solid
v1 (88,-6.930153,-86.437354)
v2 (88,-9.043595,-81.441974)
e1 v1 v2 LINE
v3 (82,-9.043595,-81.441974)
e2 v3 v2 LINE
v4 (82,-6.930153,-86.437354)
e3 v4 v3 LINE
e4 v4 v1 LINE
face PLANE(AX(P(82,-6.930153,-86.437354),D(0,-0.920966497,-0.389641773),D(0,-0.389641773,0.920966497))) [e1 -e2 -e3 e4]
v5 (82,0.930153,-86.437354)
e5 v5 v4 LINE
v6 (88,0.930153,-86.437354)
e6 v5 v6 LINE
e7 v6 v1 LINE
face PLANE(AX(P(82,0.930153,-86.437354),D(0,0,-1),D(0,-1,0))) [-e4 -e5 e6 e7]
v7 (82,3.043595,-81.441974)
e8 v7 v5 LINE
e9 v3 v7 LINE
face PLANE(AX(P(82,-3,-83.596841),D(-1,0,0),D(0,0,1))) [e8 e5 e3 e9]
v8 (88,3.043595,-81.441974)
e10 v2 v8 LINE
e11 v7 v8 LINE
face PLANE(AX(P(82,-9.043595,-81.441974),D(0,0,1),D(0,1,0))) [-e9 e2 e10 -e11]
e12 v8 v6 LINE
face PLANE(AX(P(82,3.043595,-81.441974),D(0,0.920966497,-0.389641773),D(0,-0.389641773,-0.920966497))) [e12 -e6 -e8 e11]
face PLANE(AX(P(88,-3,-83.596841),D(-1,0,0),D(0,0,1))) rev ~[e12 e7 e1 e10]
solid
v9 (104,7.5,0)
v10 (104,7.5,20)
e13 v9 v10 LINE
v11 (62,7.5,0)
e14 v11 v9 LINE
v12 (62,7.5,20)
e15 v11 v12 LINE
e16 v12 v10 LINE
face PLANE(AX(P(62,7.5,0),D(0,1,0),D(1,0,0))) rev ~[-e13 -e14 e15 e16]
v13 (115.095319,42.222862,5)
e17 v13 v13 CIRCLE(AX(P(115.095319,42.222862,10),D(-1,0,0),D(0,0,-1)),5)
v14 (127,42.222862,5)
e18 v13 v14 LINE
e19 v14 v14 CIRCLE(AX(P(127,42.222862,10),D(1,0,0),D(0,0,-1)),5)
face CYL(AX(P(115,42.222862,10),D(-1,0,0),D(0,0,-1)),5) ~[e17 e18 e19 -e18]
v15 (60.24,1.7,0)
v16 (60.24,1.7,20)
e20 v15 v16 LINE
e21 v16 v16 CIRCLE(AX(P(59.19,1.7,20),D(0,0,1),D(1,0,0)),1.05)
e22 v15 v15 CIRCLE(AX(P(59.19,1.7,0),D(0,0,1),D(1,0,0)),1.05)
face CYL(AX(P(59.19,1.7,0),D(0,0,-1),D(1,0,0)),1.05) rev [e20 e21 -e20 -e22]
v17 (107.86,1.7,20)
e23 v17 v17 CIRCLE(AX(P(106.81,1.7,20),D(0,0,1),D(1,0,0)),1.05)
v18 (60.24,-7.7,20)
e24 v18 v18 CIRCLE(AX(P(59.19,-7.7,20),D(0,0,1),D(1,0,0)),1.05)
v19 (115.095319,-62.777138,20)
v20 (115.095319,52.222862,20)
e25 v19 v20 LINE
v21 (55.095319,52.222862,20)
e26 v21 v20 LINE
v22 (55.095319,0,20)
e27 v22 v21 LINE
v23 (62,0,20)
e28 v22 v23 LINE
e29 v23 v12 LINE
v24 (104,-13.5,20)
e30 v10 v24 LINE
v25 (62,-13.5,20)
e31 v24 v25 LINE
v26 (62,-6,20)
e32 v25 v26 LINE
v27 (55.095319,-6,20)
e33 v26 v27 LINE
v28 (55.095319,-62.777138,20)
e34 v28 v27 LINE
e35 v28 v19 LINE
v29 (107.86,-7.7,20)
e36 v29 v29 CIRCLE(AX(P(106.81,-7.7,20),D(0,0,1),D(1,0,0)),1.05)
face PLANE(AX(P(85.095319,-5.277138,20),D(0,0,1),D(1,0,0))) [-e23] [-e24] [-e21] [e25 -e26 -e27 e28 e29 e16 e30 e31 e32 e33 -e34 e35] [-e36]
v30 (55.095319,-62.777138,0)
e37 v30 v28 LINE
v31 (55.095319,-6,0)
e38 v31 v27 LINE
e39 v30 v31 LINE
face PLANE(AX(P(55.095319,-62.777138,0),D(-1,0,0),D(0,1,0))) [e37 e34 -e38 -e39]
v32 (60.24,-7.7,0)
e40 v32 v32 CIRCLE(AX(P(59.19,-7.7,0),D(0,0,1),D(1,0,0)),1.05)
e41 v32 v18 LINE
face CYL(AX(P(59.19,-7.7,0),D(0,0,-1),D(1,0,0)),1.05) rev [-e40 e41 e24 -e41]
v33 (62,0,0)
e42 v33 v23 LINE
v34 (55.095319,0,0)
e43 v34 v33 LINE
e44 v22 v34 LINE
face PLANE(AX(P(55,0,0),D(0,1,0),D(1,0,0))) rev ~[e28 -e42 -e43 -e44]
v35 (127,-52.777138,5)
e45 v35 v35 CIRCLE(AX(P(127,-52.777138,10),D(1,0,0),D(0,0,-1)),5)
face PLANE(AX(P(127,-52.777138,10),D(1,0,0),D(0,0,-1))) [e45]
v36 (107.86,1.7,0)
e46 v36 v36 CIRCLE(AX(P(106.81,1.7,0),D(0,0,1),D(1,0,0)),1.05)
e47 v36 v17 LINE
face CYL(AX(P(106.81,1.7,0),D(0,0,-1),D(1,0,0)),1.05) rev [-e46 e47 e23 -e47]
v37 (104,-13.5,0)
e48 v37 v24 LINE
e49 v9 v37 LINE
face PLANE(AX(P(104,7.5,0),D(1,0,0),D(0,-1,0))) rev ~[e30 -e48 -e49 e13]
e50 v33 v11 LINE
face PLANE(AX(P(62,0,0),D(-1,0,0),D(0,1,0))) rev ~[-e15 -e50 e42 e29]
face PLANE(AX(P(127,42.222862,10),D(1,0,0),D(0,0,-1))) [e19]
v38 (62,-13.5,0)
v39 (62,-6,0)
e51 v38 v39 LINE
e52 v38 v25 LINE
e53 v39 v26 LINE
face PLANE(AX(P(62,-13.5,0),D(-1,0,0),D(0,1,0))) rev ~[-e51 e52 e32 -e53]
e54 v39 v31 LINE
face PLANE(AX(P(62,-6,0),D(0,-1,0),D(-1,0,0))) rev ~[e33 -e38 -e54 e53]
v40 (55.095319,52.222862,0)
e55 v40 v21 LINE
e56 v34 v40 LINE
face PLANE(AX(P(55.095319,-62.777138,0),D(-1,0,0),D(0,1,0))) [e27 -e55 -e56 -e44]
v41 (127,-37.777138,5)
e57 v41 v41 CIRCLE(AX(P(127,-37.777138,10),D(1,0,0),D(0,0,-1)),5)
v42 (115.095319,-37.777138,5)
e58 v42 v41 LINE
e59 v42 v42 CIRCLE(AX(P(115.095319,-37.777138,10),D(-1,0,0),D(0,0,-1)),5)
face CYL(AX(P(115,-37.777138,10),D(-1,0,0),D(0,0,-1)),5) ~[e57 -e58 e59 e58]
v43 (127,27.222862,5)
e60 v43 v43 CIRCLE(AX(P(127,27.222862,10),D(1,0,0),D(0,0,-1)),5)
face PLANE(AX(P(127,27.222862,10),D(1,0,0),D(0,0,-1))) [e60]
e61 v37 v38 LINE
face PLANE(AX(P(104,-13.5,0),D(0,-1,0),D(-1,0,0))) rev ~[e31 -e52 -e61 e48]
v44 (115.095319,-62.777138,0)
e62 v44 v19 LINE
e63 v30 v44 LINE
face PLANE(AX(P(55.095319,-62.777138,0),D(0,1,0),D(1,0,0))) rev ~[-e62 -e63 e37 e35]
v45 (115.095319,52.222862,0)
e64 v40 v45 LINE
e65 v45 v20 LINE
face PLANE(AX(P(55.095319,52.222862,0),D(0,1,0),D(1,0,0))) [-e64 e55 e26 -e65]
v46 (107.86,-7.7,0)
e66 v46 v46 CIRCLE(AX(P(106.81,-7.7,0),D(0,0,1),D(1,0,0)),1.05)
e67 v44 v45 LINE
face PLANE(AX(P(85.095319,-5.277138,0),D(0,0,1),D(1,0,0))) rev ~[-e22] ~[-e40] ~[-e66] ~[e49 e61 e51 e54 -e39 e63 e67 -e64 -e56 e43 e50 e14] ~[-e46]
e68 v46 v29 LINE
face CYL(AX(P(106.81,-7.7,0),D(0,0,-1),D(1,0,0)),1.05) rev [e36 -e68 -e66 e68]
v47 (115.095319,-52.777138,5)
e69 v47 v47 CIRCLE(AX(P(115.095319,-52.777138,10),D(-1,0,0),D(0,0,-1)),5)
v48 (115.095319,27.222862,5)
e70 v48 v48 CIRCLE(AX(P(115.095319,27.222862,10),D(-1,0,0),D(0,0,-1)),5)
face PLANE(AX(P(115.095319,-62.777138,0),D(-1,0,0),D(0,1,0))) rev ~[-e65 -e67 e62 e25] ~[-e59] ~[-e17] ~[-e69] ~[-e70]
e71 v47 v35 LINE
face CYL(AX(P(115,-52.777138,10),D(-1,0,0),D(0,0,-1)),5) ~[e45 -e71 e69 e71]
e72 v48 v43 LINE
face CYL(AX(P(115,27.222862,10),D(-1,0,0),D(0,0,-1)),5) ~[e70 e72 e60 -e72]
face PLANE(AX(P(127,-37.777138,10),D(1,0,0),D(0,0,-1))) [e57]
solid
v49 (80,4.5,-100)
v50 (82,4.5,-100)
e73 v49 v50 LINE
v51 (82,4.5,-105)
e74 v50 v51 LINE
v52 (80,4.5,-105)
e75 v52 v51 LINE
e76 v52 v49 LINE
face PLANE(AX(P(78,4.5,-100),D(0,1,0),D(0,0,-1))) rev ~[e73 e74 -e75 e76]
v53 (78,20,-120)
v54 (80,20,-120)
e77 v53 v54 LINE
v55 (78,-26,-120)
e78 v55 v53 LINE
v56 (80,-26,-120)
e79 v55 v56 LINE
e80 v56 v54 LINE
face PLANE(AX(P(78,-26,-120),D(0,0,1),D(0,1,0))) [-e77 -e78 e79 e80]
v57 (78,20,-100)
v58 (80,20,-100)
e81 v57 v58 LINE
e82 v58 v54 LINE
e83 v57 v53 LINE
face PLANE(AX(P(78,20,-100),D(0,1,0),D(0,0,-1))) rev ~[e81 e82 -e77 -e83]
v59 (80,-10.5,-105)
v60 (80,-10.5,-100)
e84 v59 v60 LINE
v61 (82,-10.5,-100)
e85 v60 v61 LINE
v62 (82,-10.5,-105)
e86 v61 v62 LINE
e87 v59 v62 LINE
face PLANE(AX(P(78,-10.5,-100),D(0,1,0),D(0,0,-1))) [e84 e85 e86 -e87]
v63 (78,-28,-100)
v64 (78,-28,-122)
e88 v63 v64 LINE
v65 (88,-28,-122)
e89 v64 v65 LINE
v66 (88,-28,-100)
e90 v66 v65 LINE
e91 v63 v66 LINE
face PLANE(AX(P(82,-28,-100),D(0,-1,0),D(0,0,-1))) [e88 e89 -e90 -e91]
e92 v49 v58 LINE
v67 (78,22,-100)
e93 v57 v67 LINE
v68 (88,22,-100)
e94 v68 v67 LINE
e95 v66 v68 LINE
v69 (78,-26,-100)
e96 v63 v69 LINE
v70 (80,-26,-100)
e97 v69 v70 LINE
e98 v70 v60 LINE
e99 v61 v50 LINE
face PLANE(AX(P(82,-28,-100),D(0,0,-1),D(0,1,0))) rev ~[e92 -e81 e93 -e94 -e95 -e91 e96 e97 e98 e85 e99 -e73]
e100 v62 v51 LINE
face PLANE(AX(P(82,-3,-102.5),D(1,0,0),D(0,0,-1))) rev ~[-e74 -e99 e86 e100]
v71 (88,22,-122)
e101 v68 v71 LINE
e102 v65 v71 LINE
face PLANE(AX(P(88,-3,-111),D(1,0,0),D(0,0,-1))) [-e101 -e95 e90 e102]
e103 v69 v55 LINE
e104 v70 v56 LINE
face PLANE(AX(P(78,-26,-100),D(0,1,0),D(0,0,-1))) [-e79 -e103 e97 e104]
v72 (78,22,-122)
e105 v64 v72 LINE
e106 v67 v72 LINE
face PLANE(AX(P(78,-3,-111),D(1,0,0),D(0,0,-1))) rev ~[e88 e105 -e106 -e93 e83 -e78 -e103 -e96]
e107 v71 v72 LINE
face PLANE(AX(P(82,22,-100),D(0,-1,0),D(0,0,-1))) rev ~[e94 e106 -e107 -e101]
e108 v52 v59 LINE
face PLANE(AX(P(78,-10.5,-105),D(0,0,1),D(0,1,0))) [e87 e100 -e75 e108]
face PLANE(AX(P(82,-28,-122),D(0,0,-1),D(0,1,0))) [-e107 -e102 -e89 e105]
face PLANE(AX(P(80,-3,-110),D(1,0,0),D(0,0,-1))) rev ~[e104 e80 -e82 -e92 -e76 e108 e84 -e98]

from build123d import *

# Parameters (mm, degrees)
SKETCH_5_W           = 60
SKETCH_5_H           = 115
EXTRUDE_2_DEPTH      = 20
SKETCH_1_R           = 1.05
CUT_EXTRUDE_4_DEPTH  = 20
SKETCH_6_R           = 5
EXTRUDE_3_DEPTH      = 12
EXTRUDE_6_DEPTH      = 6
EXTRUDE_6_DEPTH_BACK = 4
SKETCH_13_W          = 22
SKETCH_13_H          = 50
SKETCH_16_W          = 20
SKETCH_16_H          = 46
CUT_EXTRUDE_9_DEPTH  = 2
SKETCH_17_W          = 5
SKETCH_17_H          = 15
CUT_EXTRUDE_10_DEPTH = 4
EXTRUDE_7_DEPTH      = 6


with BuildPart() as part:
    # 草圖5 → 填料-伸長2 (new body)
    with BuildSketch(Plane.XY):
        with Locations((85.095319229, -5.277137892)):
            Rectangle(SKETCH_5_W, SKETCH_5_H)
    extrude(amount=EXTRUDE_2_DEPTH)

    # 草圖1 → 除料-伸長4 (cut)
    with BuildSketch(Plane.XY):
        with Locations((59.19, 1.7)):
            Circle(SKETCH_1_R)
        with Locations((106.81, 1.7)):
            Circle(SKETCH_1_R)
        with Locations((106.81, -7.7)):
            Circle(SKETCH_1_R)
        with Locations((59.19, -7.7)):
            Circle(SKETCH_1_R)
        Polygon((55, -3), (55, 0), (62, 0), (62, 7.5), (104, 7.5), (104, -13.5), (62, -13.5), (62, -6), (55, -6), align=None)
    extrude(amount=CUT_EXTRUDE_4_DEPTH, mode=Mode.SUBTRACT)

    # 草圖6 → 填料-伸長3 (add)
    with BuildSketch(Plane(origin=(115, 0, 0), x_dir=(0, 0, -1), z_dir=(1, 0, 0))):
        with Locations((-10, 42.222862108)):
            Circle(SKETCH_6_R)
        with Locations((-10, 27.222862108)):
            Circle(SKETCH_6_R)
        with Locations((-10, -37.777137892)):
            Circle(SKETCH_6_R)
        with Locations((-10, -52.777137892)):
            Circle(SKETCH_6_R)
    extrude(amount=EXTRUDE_3_DEPTH)


with BuildPart() as body_2:
    # 草圖13 → 填料-伸長6 (new, two sides: drawn at the far end of the back side and taken through both)
    with BuildSketch(Plane(origin=(82, 0, 0), x_dir=(0, 0, -1), z_dir=(1, 0, 0)).offset(-EXTRUDE_6_DEPTH_BACK)):
        with Locations((111, -3)):
            Rectangle(SKETCH_13_W, SKETCH_13_H)
    extrude(amount=EXTRUDE_6_DEPTH + EXTRUDE_6_DEPTH_BACK)

    # 草圖16 → 除料-伸長9 (cut)
    with BuildSketch(Plane(origin=(78, 0, 0), x_dir=(0, 0, -1), z_dir=(1, 0, 0))):
        with Locations((110, -3)):
            Rectangle(SKETCH_16_W, SKETCH_16_H)
    extrude(amount=CUT_EXTRUDE_9_DEPTH, mode=Mode.SUBTRACT)

    # 草圖17 → 除料-伸長10 (cut)
    with BuildSketch(Plane(origin=(78, 0, 0), x_dir=(0, 0, -1), z_dir=(1, 0, 0))):
        with Locations((102.5, -3)):
            Rectangle(SKETCH_17_W, SKETCH_17_H)
    extrude(amount=CUT_EXTRUDE_10_DEPTH, mode=Mode.SUBTRACT)


with BuildPart() as body_3:
    # 草圖18 → 填料-伸長7 (new body)
    with BuildSketch(Plane(origin=(82, 0, 0), x_dir=(0, 0, -1), z_dir=(1, 0, 0))):
        Polygon((86.437354092, 0.930152969), (86.437354092, -6.930152969), (81.441973623, -9.043594565), (81.441973623, 3.043594565), align=None)
    extrude(amount=EXTRUDE_7_DEPTH)


solid = Compound([part.part, body_2.part, body_3.part])
